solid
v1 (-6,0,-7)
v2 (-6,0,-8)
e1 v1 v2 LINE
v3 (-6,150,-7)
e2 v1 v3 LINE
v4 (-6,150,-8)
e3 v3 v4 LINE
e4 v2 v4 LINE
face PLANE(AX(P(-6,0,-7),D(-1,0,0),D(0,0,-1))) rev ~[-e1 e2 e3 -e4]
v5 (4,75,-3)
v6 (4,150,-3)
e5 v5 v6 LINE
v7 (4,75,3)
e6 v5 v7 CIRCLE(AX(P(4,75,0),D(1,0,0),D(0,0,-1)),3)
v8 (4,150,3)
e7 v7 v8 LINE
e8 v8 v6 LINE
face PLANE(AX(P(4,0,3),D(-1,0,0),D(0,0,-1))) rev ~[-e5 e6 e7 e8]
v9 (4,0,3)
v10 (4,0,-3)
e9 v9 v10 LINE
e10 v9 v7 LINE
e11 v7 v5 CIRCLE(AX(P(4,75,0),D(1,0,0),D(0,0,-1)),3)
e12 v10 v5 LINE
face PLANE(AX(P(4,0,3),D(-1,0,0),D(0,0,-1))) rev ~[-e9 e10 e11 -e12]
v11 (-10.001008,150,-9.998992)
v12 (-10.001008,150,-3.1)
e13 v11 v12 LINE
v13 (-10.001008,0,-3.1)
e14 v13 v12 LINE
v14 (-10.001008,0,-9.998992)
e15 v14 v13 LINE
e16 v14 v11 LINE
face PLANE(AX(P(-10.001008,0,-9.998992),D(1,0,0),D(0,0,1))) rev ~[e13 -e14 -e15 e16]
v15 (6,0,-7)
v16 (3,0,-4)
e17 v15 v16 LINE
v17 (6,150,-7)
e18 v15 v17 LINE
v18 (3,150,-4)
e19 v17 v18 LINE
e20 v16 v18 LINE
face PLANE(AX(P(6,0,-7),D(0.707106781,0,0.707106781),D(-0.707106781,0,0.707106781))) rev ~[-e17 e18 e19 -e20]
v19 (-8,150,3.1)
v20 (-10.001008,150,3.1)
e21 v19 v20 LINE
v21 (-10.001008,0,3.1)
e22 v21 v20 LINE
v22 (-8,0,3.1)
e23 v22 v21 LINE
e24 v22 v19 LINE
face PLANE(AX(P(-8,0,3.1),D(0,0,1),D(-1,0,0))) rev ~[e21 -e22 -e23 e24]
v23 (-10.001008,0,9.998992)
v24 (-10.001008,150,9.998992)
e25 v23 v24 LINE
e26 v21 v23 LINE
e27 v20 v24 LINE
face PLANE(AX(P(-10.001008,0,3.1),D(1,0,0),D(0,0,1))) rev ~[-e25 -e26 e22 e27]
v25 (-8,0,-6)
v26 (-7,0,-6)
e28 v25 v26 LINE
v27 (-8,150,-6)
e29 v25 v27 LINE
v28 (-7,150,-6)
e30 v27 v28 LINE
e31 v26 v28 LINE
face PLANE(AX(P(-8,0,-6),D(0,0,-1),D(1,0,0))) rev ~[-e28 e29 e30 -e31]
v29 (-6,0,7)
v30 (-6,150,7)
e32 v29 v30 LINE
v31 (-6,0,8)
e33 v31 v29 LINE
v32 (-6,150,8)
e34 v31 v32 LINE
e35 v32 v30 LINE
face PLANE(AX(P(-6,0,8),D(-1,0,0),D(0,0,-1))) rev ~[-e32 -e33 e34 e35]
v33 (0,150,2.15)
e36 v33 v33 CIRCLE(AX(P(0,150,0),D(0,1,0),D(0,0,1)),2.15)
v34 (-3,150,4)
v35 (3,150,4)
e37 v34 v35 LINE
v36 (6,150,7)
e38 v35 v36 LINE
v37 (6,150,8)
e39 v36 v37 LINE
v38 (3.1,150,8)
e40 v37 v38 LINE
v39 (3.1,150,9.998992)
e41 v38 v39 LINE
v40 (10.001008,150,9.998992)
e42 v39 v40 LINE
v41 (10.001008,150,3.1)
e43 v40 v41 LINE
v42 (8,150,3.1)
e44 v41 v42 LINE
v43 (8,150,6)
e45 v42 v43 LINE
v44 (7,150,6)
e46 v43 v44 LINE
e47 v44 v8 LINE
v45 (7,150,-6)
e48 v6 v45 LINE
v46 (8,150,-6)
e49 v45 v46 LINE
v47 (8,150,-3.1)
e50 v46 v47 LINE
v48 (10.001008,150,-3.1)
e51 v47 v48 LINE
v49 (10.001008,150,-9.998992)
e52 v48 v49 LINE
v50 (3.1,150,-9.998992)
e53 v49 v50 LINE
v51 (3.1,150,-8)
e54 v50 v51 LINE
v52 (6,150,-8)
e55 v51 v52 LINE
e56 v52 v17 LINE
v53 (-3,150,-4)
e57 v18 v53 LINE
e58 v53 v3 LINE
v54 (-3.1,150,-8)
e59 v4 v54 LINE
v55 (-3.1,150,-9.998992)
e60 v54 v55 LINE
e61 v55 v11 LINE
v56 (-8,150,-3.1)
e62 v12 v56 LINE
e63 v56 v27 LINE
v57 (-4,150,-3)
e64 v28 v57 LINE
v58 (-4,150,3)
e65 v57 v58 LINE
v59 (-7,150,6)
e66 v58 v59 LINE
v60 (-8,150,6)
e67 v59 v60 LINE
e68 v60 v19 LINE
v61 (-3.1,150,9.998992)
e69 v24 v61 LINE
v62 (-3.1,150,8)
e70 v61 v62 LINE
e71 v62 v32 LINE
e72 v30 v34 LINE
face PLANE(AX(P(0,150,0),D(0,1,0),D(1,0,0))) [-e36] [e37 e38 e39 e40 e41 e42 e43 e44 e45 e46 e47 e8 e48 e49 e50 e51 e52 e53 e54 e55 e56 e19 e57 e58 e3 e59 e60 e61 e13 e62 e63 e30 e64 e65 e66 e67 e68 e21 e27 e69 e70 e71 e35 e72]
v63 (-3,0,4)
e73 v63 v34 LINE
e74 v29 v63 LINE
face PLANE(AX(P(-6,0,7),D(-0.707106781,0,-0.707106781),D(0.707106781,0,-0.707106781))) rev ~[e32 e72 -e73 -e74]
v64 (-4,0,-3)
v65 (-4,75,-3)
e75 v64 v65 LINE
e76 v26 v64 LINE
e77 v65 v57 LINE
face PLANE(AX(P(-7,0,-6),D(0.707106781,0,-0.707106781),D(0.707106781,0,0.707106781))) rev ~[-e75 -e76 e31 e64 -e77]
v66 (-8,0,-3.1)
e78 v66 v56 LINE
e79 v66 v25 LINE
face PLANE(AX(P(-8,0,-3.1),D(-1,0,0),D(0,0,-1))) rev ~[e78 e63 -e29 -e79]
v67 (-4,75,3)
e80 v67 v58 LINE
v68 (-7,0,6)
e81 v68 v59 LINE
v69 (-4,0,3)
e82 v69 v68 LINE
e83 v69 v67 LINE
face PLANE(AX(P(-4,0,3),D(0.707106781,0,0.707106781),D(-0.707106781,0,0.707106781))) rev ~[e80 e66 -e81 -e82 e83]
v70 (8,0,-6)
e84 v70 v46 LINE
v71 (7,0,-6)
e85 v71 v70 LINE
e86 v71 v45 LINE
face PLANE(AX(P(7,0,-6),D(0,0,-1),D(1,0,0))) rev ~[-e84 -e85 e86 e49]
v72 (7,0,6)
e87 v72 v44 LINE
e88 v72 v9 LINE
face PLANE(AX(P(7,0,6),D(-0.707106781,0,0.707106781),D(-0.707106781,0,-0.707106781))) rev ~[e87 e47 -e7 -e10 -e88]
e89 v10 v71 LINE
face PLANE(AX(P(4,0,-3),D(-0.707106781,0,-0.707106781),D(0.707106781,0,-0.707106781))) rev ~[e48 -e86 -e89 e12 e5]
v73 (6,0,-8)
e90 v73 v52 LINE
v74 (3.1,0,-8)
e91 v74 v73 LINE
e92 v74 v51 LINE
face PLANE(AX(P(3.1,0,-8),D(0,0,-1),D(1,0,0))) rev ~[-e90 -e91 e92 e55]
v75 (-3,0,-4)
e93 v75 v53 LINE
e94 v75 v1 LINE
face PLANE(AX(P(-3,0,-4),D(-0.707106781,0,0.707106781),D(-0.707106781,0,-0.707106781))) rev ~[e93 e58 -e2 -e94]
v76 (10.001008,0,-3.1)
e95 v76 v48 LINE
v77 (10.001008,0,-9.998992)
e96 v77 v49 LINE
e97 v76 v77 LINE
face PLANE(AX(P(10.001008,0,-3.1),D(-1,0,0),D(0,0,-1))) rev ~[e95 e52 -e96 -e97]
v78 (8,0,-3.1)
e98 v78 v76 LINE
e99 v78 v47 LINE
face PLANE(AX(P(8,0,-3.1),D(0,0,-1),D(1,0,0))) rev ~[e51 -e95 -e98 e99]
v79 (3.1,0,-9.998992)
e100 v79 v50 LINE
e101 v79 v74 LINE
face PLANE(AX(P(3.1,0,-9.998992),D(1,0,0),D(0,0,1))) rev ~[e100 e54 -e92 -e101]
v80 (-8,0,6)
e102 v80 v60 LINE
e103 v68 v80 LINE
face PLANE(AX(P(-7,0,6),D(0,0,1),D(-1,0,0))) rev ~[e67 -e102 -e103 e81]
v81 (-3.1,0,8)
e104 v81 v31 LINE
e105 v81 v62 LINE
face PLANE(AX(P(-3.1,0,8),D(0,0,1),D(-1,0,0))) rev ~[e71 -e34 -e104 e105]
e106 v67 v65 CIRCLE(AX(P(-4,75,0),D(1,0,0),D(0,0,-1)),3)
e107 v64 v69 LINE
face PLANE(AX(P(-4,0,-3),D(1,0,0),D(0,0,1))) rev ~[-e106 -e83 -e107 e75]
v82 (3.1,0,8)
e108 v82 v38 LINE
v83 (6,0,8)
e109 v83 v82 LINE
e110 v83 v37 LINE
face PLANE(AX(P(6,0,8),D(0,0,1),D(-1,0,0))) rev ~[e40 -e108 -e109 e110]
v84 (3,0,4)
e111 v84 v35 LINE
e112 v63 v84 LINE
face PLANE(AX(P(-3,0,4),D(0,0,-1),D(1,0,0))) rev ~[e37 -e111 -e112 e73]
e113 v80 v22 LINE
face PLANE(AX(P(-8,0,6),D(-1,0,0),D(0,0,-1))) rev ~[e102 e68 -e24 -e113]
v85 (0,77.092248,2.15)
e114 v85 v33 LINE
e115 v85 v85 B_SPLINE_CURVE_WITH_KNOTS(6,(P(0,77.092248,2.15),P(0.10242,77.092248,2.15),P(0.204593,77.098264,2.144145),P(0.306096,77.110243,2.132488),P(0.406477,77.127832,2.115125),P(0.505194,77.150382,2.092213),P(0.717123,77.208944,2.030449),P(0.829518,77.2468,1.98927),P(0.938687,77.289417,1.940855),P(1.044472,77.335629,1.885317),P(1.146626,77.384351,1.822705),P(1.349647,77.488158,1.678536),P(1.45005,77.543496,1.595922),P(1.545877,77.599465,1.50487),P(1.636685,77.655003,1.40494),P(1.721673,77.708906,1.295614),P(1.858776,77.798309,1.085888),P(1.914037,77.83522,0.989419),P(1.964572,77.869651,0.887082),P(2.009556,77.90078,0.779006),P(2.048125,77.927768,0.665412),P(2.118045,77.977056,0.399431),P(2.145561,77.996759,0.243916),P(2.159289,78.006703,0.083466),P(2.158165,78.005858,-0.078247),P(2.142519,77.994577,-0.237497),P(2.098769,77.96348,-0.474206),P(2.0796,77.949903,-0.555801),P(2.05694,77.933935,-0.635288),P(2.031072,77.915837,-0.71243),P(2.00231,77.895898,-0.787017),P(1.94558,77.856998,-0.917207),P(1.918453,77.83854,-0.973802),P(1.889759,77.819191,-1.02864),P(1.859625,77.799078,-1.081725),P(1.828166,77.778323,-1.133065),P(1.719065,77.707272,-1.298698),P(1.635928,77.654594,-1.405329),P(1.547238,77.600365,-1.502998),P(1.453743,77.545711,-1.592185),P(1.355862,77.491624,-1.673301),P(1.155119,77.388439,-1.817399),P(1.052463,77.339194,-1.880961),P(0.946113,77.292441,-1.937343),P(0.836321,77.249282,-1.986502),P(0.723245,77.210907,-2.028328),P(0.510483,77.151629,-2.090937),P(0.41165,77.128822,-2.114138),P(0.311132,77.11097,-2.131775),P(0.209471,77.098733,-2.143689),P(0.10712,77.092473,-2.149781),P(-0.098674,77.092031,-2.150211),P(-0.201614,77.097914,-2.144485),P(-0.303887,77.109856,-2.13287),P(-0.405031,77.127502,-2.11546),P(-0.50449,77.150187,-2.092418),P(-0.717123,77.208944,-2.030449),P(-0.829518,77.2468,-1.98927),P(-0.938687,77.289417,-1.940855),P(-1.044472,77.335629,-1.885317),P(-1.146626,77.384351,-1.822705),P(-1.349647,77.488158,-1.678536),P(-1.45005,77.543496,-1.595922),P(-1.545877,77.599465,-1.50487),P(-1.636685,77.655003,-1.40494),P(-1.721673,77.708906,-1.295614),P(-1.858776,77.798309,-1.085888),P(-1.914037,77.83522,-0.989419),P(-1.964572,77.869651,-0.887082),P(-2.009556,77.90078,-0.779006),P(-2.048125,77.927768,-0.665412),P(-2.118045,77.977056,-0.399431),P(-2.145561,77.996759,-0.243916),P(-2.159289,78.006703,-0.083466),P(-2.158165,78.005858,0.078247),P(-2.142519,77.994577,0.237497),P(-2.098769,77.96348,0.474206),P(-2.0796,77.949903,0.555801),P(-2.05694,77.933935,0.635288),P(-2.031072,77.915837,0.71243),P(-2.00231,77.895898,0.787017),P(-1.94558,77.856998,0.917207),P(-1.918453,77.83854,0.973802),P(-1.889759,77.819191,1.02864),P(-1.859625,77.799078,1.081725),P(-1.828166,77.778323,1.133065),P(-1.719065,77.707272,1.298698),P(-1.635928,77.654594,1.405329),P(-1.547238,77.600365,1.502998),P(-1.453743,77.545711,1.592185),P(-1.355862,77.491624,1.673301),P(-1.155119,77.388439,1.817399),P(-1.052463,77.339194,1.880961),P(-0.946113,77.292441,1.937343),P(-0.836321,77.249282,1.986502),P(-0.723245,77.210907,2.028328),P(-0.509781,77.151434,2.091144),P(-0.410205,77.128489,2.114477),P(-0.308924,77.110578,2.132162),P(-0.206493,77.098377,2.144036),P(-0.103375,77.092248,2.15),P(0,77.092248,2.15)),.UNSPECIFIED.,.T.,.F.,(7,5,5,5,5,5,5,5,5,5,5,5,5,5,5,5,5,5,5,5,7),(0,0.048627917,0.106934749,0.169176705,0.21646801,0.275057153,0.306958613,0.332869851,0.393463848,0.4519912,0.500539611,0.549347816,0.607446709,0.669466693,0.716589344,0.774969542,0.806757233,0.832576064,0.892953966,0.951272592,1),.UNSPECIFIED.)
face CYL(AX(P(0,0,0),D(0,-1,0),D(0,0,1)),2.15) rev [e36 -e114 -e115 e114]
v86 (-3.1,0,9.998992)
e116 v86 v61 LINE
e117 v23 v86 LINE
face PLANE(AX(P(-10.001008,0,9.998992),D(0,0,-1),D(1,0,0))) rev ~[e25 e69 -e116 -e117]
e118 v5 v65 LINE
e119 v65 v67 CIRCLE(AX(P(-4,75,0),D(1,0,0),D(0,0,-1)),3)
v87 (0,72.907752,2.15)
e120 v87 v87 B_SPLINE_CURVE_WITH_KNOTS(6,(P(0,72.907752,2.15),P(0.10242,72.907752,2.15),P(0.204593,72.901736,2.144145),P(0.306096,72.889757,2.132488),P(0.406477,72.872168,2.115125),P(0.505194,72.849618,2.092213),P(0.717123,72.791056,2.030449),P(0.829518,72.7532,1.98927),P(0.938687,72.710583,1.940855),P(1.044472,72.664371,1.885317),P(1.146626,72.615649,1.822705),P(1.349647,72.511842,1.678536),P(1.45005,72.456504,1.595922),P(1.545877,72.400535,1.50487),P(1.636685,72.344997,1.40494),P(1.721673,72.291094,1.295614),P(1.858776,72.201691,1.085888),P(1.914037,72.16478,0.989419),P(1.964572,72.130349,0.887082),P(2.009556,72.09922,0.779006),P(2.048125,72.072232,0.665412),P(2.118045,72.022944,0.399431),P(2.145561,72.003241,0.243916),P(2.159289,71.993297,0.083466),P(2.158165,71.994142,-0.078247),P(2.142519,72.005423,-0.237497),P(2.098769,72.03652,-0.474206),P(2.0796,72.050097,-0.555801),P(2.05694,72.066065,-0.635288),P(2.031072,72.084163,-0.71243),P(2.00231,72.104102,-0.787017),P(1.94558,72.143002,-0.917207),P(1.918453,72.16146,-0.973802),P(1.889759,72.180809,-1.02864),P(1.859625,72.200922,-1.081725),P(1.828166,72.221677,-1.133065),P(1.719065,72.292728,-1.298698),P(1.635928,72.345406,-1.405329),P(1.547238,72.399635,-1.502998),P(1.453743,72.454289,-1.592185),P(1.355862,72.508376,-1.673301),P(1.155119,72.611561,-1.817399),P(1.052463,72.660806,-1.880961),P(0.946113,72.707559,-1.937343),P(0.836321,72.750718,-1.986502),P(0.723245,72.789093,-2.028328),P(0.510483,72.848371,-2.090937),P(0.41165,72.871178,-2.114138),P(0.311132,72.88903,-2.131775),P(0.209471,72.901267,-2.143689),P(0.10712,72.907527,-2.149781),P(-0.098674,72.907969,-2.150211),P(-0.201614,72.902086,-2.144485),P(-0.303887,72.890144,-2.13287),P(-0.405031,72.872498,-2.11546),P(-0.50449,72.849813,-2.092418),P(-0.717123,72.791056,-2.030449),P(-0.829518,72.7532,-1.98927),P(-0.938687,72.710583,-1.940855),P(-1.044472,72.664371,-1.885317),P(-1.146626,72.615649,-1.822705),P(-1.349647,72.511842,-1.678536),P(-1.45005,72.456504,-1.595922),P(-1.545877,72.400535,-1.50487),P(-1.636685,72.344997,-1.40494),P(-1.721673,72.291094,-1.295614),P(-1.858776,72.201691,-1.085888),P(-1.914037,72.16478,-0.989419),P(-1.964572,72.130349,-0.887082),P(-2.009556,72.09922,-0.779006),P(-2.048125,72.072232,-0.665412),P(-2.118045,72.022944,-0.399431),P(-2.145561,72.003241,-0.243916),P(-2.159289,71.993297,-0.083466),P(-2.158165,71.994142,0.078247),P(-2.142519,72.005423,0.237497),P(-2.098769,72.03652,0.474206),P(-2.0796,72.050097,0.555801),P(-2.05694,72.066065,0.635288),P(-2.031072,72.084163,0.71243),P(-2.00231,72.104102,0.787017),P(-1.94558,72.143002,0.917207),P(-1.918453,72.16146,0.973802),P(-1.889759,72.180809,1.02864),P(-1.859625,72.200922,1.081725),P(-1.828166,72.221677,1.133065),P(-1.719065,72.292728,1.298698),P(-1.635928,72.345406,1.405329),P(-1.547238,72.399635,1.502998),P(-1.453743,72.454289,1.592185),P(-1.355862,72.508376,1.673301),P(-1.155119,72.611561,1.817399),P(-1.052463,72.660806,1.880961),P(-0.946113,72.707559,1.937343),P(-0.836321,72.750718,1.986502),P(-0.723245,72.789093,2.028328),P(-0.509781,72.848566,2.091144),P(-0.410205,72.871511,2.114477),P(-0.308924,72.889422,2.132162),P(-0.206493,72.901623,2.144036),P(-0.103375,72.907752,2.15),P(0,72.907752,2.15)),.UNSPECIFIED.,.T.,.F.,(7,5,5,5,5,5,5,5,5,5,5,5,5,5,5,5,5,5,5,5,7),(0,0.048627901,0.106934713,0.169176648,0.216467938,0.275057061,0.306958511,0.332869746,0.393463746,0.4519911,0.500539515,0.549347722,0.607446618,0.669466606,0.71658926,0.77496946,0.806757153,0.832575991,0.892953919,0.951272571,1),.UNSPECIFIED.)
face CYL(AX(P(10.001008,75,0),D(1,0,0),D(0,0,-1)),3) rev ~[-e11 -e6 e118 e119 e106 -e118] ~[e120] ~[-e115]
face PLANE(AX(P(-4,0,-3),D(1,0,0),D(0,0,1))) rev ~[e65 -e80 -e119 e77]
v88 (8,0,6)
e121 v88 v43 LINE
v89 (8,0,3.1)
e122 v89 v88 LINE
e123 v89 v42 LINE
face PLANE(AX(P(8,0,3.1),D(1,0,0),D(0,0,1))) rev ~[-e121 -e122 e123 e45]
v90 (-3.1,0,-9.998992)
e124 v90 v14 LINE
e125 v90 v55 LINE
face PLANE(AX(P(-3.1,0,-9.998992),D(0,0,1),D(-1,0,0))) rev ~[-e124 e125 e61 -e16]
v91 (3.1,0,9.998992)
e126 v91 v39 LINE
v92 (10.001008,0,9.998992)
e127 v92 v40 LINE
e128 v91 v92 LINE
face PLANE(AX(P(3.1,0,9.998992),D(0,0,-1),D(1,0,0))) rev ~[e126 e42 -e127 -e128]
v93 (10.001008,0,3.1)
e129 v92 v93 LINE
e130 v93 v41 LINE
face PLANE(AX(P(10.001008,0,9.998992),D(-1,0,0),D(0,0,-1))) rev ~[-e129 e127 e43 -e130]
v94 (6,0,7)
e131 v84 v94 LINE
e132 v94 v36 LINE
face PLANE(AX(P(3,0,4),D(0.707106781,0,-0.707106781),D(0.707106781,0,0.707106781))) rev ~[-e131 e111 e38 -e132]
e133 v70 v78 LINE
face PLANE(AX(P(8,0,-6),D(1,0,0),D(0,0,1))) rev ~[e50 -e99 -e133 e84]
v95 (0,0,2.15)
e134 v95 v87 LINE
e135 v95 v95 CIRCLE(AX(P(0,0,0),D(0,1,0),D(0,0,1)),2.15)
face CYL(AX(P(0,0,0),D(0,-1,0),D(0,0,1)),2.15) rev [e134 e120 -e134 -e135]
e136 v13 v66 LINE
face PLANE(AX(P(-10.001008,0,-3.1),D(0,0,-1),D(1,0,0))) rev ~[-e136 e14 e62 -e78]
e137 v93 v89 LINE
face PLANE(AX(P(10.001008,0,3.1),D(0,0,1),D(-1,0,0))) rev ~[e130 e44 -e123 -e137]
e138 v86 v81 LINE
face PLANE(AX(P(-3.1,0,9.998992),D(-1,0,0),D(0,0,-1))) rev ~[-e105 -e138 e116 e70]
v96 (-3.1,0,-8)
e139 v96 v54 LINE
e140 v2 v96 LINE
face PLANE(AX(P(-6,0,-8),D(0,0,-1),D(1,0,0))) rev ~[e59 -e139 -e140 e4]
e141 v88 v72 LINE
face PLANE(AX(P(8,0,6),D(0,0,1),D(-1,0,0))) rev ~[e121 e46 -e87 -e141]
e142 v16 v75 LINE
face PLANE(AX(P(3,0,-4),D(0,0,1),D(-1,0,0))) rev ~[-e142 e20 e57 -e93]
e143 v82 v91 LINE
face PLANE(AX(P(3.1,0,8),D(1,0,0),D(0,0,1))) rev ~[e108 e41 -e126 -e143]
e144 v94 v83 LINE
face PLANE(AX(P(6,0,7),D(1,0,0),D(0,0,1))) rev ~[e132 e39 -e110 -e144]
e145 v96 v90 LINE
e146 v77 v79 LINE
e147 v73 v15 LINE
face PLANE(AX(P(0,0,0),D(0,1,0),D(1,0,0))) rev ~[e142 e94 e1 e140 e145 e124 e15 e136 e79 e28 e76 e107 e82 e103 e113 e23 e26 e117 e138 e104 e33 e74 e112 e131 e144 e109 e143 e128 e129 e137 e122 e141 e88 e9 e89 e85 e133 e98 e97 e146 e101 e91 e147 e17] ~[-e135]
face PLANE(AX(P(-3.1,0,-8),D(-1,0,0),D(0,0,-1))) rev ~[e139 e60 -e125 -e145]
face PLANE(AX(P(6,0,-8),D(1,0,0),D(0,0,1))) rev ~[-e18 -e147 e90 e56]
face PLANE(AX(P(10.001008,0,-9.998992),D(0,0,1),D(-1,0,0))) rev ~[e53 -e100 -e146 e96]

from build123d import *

# Parameters (mm, degrees)
SKETCH_1_R          = 2.15
EXTRUDE_1_DEPTH     = 150
SKETCH_3_R          = 3
CUT_EXTRUDE_1_DEPTH = 26


with BuildPart() as part:
    # 스케치1 → 보스-돌출1 (new body)
    with BuildSketch(Plane(origin=(0, 0, 0), x_dir=(1, 0, 0), z_dir=(0, 1, 0))):
        Polygon((3.1, 8), (6, 8), (6, 7), (3, 4), (0, 4), (-3, 4), (-6, 7), (-6, 8), (-3.1, 8), (-3.1, 9.998992087), (-10.001007855, 9.998992087), (-10.001007855, 3.1), (-8, 3.1), (-8, 6), (-7, 6), (-4, 3), (-4, 0), (-4, -3), (-7, -6), (-8, -6), (-8, -3.1), (-10.001007855, -3.1), (-10.001007855, -9.998992087), (-3.1, -9.998992087), (-3.1, -8), (-6, -8), (-6, -7), (-3, -4), (0, -4), (3, -4), (6, -7), (6, -8), (3.1, -8), (3.1, -9.998992087), (10.001007855, -9.998992087), (10.001007855, -3.1), (8, -3.1), (8, -6), (7, -6), (4, -3), (4, 0), (4, 3), (7, 6), (8, 6), (8, 3.1), (10.001007855, 3.1), (10.001007855, 9.998992087), (3.1, 9.998992087), align=None)
        with Locations(Location((0, 0, 0), (0, 0, 270))):
            Circle(SKETCH_1_R, mode=Mode.SUBTRACT)
    extrude(amount=EXTRUDE_1_DEPTH)

    # 스케치3 → 컷-돌출1 (cut)
    with BuildSketch(Plane(origin=(10.001007855, 0, 0), x_dir=(0, 0, -1), z_dir=(1, 0, 0))):
        with Locations((0, 75)):
            Circle(SKETCH_3_R)
    extrude(amount=-CUT_EXTRUDE_1_DEPTH, mode=Mode.SUBTRACT)


solid = part.part
